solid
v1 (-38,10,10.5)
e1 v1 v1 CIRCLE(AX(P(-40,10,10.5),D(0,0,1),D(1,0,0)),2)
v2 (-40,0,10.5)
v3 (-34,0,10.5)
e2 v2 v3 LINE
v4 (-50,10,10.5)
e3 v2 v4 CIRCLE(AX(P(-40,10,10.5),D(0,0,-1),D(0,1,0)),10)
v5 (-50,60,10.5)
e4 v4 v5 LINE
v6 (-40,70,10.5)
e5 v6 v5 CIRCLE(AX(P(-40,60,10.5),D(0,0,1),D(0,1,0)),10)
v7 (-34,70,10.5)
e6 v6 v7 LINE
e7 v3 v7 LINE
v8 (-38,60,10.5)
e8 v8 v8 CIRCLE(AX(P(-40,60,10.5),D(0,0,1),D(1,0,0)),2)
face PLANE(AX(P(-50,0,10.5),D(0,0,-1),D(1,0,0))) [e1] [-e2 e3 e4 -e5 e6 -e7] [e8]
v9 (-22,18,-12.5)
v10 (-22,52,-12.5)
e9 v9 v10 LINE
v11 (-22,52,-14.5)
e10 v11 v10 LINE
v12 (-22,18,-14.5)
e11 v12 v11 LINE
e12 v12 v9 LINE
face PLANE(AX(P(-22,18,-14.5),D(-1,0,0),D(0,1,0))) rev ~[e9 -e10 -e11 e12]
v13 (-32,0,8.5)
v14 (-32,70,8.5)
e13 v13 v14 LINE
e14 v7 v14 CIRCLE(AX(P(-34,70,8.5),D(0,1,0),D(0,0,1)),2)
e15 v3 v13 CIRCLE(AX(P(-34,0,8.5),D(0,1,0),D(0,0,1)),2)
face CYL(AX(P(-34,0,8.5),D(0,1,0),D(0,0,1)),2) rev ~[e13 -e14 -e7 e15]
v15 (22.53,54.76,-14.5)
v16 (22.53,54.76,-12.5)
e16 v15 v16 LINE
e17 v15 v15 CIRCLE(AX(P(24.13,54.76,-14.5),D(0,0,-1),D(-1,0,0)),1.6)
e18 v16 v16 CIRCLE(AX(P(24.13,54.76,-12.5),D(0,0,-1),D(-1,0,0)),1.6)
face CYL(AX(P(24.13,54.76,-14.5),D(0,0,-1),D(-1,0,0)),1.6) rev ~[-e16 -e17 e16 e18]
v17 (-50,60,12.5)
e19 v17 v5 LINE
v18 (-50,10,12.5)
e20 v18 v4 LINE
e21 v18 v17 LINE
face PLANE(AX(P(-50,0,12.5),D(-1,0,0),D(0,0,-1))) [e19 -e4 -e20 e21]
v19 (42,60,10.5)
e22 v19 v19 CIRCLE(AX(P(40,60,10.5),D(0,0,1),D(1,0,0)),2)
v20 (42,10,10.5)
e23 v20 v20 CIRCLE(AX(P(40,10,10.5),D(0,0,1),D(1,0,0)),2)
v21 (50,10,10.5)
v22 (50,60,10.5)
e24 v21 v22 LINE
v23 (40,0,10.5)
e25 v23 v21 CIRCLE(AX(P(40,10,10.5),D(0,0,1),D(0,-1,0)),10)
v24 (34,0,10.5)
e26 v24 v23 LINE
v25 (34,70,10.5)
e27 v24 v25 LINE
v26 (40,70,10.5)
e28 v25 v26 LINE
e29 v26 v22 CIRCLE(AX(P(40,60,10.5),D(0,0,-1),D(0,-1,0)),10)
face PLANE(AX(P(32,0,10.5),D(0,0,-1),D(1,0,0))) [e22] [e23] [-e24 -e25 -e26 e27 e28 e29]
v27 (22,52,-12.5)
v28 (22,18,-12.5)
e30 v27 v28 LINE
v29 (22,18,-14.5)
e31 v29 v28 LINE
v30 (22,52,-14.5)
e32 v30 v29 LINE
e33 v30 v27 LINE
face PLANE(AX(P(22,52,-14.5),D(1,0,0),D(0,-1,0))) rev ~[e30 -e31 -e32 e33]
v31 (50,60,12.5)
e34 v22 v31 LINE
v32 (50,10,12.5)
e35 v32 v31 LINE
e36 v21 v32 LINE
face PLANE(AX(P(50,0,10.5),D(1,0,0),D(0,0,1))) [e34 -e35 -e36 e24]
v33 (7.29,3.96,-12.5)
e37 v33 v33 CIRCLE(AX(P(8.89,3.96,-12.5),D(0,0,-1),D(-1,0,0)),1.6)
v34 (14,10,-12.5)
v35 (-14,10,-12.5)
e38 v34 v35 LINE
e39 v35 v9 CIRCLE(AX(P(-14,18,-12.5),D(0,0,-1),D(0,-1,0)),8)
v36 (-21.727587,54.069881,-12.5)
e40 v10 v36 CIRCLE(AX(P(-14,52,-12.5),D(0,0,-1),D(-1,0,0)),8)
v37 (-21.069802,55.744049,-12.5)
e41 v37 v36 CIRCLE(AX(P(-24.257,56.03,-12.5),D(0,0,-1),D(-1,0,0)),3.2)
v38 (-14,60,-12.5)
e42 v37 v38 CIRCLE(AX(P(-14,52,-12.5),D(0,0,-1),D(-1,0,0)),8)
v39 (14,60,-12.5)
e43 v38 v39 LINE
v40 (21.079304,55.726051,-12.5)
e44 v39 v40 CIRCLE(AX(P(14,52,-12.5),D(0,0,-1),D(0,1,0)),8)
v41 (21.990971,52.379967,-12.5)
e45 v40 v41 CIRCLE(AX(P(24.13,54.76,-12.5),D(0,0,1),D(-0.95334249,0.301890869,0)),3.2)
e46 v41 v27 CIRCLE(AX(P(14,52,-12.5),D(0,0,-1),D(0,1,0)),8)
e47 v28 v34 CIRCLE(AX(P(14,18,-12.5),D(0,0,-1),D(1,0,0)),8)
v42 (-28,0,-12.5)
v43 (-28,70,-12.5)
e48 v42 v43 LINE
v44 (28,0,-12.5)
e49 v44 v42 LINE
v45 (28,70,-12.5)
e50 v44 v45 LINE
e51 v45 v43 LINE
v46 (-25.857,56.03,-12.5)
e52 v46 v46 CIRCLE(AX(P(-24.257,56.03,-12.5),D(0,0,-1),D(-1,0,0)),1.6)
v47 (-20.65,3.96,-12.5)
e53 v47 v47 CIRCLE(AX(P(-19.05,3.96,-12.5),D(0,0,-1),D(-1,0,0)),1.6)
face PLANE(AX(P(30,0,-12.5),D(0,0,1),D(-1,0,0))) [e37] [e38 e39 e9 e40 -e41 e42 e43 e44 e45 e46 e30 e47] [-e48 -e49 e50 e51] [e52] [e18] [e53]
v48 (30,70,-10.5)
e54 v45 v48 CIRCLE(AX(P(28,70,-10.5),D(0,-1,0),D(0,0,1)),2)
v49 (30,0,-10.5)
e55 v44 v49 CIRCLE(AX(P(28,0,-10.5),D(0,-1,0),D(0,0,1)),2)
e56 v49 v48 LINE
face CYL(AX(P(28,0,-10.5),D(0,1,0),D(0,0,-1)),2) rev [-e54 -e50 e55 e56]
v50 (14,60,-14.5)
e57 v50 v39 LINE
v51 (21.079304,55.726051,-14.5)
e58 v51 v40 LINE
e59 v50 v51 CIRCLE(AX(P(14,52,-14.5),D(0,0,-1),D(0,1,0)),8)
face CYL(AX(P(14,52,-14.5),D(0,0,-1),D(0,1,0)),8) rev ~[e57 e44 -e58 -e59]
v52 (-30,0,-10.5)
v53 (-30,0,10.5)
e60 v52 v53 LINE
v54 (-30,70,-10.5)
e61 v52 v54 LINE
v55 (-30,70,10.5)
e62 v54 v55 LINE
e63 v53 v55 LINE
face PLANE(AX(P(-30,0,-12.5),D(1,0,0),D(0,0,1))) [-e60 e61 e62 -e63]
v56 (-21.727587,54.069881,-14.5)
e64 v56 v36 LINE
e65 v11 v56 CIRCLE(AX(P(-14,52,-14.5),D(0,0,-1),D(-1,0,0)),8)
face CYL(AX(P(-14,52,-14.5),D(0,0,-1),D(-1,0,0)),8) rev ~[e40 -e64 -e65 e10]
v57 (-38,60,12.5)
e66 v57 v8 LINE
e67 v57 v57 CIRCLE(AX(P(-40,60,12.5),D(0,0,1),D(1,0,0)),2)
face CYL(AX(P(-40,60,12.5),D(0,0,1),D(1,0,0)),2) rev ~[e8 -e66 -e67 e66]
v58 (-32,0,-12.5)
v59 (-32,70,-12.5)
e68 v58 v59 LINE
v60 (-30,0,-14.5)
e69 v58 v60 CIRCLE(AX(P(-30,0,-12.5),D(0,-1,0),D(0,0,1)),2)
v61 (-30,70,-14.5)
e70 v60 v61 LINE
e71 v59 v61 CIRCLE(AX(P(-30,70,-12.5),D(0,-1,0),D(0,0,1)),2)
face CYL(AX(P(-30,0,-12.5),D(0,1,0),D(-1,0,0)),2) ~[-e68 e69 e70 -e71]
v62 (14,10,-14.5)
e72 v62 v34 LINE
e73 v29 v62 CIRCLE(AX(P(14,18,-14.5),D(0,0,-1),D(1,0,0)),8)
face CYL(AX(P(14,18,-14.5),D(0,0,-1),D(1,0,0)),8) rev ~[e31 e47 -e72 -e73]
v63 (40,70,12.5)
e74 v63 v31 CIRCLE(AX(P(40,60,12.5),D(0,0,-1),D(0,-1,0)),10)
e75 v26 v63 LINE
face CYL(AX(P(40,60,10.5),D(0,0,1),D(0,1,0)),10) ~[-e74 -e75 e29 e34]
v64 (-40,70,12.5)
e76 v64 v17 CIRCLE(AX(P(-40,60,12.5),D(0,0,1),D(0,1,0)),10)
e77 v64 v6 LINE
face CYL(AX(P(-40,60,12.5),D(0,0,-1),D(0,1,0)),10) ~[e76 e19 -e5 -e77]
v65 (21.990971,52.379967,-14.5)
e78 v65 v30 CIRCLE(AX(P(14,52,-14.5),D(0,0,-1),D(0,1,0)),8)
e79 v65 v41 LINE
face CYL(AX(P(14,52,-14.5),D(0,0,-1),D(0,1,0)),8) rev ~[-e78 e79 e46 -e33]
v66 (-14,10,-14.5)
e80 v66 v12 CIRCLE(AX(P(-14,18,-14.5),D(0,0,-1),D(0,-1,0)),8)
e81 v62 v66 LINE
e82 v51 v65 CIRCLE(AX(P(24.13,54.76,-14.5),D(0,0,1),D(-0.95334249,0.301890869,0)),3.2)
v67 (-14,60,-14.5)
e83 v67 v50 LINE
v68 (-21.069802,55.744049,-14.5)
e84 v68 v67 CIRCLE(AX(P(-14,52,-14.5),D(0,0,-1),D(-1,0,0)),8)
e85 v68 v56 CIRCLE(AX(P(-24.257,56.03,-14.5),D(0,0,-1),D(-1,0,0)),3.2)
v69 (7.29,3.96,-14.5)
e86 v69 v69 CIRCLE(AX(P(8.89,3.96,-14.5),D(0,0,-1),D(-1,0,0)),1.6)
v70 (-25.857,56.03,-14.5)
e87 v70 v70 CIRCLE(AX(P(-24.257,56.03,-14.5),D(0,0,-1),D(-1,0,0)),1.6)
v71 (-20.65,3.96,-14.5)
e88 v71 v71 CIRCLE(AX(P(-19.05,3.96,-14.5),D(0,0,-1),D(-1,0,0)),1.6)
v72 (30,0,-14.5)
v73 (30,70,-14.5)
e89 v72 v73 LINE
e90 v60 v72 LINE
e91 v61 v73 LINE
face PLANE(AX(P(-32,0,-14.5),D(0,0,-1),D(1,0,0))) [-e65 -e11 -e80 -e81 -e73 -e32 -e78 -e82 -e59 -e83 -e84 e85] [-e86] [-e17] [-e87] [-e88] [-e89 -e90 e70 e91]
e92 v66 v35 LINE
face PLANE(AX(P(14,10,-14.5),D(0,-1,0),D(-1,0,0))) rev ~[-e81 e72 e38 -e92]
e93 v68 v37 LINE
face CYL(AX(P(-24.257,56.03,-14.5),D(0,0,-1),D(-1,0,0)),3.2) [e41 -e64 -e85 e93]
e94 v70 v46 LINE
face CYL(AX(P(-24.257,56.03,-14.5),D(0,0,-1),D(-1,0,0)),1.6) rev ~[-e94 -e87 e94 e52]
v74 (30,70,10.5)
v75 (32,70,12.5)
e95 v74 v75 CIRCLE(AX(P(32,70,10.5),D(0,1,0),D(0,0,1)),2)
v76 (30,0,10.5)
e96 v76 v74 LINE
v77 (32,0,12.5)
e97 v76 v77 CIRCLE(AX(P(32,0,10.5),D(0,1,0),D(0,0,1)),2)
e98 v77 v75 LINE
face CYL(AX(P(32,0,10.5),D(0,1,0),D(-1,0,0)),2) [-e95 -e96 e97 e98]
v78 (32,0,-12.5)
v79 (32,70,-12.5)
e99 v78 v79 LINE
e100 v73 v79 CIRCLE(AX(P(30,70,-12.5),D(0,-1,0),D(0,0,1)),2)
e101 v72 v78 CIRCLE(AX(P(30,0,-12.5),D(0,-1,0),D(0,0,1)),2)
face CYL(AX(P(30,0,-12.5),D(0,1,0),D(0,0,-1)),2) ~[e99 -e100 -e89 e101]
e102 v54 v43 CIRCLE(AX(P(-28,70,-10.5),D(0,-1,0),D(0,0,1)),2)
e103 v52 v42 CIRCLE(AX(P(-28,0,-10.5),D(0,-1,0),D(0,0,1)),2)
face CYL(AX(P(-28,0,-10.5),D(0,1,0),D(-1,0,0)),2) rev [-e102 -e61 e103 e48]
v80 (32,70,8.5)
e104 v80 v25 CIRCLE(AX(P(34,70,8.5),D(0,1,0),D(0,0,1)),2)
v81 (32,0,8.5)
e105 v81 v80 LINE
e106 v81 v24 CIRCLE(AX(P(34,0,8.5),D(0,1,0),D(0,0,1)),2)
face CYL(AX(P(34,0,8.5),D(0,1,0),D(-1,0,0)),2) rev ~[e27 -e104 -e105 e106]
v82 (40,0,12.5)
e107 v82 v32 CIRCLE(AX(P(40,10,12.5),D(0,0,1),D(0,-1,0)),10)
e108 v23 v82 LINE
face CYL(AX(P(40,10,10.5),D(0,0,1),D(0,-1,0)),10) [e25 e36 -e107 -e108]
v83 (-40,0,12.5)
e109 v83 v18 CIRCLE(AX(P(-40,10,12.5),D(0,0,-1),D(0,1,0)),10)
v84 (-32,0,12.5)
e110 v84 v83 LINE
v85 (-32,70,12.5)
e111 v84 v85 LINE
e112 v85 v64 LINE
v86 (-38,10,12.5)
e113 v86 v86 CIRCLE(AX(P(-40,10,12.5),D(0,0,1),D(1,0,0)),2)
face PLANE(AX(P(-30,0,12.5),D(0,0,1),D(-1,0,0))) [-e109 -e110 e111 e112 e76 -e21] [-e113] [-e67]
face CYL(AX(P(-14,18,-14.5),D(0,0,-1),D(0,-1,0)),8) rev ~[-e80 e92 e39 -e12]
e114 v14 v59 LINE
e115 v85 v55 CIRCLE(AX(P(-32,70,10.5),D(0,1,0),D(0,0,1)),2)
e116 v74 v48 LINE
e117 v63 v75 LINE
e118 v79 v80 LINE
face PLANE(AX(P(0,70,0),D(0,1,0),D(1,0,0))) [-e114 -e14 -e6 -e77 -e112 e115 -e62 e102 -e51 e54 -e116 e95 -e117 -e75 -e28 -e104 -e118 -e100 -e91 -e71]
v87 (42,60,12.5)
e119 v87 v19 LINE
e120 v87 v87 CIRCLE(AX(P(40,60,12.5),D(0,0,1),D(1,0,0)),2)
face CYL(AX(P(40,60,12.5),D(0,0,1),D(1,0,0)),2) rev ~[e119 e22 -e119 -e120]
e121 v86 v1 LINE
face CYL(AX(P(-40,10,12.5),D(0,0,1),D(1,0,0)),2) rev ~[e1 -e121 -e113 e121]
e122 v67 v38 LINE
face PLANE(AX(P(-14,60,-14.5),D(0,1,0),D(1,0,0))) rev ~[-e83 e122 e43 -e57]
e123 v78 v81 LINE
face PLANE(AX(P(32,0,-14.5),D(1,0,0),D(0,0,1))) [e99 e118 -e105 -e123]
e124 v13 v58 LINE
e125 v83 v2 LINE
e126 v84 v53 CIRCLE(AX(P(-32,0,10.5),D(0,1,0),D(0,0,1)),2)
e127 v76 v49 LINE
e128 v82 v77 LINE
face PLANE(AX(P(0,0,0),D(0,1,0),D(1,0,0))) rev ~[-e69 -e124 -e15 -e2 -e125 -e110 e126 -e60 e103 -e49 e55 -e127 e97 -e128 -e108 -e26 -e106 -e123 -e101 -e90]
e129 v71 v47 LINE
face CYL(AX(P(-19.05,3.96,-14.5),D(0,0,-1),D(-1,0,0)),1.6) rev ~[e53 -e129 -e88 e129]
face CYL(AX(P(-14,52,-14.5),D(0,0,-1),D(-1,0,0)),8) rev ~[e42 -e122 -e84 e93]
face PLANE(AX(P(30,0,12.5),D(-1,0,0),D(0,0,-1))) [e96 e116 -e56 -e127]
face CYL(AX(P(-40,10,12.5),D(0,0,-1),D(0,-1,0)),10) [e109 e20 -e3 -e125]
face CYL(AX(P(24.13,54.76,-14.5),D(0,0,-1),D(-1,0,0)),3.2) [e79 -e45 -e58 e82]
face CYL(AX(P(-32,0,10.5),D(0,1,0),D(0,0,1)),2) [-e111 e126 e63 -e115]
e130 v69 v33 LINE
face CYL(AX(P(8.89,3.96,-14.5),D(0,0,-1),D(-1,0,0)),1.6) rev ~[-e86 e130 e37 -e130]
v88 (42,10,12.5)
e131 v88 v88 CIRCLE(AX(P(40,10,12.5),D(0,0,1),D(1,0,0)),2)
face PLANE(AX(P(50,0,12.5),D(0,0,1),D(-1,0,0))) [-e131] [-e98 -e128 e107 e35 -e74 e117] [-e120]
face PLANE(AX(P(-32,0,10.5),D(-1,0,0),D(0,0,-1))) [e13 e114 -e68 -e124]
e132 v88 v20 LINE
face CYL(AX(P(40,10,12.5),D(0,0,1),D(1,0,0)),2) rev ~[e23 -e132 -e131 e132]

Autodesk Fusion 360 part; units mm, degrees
sketch "Sketch1" plane through (0, 0, 0) normal (0, 1, 0) x (1, 0, 0)
  line L0 (30, 12.5) -> (-30, 12.5)
  line L1 (-30, 12.5) -> (-30, -12.5)
  line L2 (-30, -12.5) -> (30, -12.5)
  line L3 (30, -12.5) -> (30, 12.5)
  line L4 (30, 12.5) -> (-30, -12.5) construction
  line L5 (-30, 12.5) -> (30, -12.5) construction
  line L6 (-30, -12.5) -> (-50, -12.5)
  line L7 (-50, -12.5) -> (-50, -10.5)
  line L8 (-50, -10.5) -> (-32, -10.5)
  line L9 (-32, -10.5) -> (-32, 14.5)
  line L10 (-32, 14.5) -> (32, 14.5)
  line L11 (32, 14.5) -> (32, -10.5)
  line L12 (32, -10.5) -> (50, -10.5)
  line L13 (50, -10.5) -> (50, -12.5)
  line L14 (50, -12.5) -> (30, -12.5)
  dimension "d1" = 60
  dimension "d2" = 25
  dimension "d3" = 20
  dimension "d4" = 2
  dimension "d6" = 18
  dimension "d7" = 25
  dimension "d8" = 64
  dimension "d9" = 25
  dimension "d10" = 2
extrude "Extrude1" add sketch "Sketch1" along normal blind 70 contours L0 L1 L3 L6 L7 L8 L9 L10 L11 L12 L13 L14
sketch "Sketch2" plane through (0, 0, -14.5) normal (0, 0, -1) x (-1, 0, 0)
  line L0 (-32, 0) -> (32, 0)
  line L1 (32, 0) -> (32, 70)
  line L2 (32, 70) -> (-32, 70)
  line L3 (-32, 70) -> (-32, 0)
  line L4 (0, 70) -> (0, 0) construction
  line L5 (0, 70) -> (0, 54.76) construction
  line L6 (0, 54.76) -> (0, 56.03)
  line L7 (0, 56.03) -> (24.257, 56.03) construction
  line L8 (0, 54.76) -> (-24.13, 54.76) construction
  circle A0 centre (-24.13, 54.76) radius 1.6
  circle A1 centre (24.257, 56.03) radius 1.6
  line L9 (-24.13, 54.76) -> (-24.13, 3.96) construction
  line L10 (-24.13, 3.96) -> (-8.89, 3.96) construction
  circle A2 centre (-8.89, 3.96) radius 1.6
  line L11 (-8.89, 3.96) -> (19.05, 3.96) construction
  circle A3 centre (19.05, 3.96) radius 1.6
  circle A4 centre (-24.13, 54.76) radius 3.2
  circle A5 centre (24.257, 56.03) radius 3.2
  line L12 (-14, 10) -> (14, 10)
  line L13 (22, 18) -> (22, 52)
  line L14 (14, 60) -> (-14, 60)
  line L15 (-22, 52) -> (-22, 18)
  arc A6 (-14, 60) -> (-22, 52) centre (-14, 52) ccw
  arc A7 (22, 52) -> (14, 60) centre (14, 52) ccw
  arc A8 (14, 10) -> (22, 18) centre (14, 18) ccw
  arc A9 (-22, 18) -> (-14, 10) centre (-14, 18) ccw
  dimension "d13" = 15.24
  dimension "d16" = 1.27
  dimension "d19" = 24.257
  dimension "d20" = 24.13
  dimension "d21" = 3.2
  dimension "d22" = 3.2
  dimension "d23" = 50.8
  dimension "d24" = 15.24
  dimension "d25" = 3.2
  dimension "d26" = 27.94
  dimension "d27" = 3.2
  dimension "d41" = 6.4
  dimension "d42" = 6.4
  dimension "d44" = 8
  dimension "d45" = 8
  dimension "d46" = 8
  dimension "d47" = 8
extrude "Extrude4" cut sketch "Sketch2" against normal blind 2 contours A4 A5 L12 L13 L14 L15 A6 A7 A8 A9
extrude "Extrude2" cut sketch "Sketch2" against normal blind 2 contours A0 | A1 | A2 | A3
fillet "Fillet1" radius 10 4 edges at (-50, 70, 11.5) (50, 70, 11.5) (50, 0, 11.5) (-50, 0, 11.5)
fillet "Fillet2" radius 2 8 edges at (-30, 35, 12.5) (-30, 35, -12.5) (30, 35, -12.5) (30, 35, 12.5) (32, 35, 10.5) (32, 35, -14.5) (-32, 35, -14.5) (-32, 35, 10.5)
sketch "Sketch3" plane through (0, 0, 12.5) normal (0, 0, 1) x (1, 0, 0)
  line L0 (32, 70) -> (32, 0)
  line L1 (32, 0) -> (40, 0)
  arc A0 (40, 0) -> (50, 10) centre (40, 10) ccw
  line L2 (50, 10) -> (50, 60)
  arc A1 (50, 60) -> (40, 70) centre (40, 60) ccw
  line L3 (40, 70) -> (32, 70)
  circle A2 centre (40, 60) radius 2
  circle A3 centre (40, 10) radius 2
  line L4 (0, 0) -> (0, 70) construction
  line L5 (40, 60) -> (-40, 60) construction
  line L6 (40, 10) -> (-40, 10) construction
  circle A4 centre (-40, 60) radius 2
  circle A5 centre (-40, 10) radius 2
  dimension "d32" = 4
  dimension "d33" = 4
  dimension "d34" = 80
  dimension "d35" = 80
  dimension "d36" = 4
  dimension "d37" = 4
extrude "Extrude3" cut sketch "Sketch3" against normal blind 2 contours A2 | A3 | A4 | A5
equation "d4 = width"
equation "width = 2 mm"
equation "d6 = 20 mm - width"
equation "d8 = 60 mm + 2 * width"
equation "d10 = width"
equation "d28 = -width"
equation "d38 = -width"
equation "d48 = -width"
